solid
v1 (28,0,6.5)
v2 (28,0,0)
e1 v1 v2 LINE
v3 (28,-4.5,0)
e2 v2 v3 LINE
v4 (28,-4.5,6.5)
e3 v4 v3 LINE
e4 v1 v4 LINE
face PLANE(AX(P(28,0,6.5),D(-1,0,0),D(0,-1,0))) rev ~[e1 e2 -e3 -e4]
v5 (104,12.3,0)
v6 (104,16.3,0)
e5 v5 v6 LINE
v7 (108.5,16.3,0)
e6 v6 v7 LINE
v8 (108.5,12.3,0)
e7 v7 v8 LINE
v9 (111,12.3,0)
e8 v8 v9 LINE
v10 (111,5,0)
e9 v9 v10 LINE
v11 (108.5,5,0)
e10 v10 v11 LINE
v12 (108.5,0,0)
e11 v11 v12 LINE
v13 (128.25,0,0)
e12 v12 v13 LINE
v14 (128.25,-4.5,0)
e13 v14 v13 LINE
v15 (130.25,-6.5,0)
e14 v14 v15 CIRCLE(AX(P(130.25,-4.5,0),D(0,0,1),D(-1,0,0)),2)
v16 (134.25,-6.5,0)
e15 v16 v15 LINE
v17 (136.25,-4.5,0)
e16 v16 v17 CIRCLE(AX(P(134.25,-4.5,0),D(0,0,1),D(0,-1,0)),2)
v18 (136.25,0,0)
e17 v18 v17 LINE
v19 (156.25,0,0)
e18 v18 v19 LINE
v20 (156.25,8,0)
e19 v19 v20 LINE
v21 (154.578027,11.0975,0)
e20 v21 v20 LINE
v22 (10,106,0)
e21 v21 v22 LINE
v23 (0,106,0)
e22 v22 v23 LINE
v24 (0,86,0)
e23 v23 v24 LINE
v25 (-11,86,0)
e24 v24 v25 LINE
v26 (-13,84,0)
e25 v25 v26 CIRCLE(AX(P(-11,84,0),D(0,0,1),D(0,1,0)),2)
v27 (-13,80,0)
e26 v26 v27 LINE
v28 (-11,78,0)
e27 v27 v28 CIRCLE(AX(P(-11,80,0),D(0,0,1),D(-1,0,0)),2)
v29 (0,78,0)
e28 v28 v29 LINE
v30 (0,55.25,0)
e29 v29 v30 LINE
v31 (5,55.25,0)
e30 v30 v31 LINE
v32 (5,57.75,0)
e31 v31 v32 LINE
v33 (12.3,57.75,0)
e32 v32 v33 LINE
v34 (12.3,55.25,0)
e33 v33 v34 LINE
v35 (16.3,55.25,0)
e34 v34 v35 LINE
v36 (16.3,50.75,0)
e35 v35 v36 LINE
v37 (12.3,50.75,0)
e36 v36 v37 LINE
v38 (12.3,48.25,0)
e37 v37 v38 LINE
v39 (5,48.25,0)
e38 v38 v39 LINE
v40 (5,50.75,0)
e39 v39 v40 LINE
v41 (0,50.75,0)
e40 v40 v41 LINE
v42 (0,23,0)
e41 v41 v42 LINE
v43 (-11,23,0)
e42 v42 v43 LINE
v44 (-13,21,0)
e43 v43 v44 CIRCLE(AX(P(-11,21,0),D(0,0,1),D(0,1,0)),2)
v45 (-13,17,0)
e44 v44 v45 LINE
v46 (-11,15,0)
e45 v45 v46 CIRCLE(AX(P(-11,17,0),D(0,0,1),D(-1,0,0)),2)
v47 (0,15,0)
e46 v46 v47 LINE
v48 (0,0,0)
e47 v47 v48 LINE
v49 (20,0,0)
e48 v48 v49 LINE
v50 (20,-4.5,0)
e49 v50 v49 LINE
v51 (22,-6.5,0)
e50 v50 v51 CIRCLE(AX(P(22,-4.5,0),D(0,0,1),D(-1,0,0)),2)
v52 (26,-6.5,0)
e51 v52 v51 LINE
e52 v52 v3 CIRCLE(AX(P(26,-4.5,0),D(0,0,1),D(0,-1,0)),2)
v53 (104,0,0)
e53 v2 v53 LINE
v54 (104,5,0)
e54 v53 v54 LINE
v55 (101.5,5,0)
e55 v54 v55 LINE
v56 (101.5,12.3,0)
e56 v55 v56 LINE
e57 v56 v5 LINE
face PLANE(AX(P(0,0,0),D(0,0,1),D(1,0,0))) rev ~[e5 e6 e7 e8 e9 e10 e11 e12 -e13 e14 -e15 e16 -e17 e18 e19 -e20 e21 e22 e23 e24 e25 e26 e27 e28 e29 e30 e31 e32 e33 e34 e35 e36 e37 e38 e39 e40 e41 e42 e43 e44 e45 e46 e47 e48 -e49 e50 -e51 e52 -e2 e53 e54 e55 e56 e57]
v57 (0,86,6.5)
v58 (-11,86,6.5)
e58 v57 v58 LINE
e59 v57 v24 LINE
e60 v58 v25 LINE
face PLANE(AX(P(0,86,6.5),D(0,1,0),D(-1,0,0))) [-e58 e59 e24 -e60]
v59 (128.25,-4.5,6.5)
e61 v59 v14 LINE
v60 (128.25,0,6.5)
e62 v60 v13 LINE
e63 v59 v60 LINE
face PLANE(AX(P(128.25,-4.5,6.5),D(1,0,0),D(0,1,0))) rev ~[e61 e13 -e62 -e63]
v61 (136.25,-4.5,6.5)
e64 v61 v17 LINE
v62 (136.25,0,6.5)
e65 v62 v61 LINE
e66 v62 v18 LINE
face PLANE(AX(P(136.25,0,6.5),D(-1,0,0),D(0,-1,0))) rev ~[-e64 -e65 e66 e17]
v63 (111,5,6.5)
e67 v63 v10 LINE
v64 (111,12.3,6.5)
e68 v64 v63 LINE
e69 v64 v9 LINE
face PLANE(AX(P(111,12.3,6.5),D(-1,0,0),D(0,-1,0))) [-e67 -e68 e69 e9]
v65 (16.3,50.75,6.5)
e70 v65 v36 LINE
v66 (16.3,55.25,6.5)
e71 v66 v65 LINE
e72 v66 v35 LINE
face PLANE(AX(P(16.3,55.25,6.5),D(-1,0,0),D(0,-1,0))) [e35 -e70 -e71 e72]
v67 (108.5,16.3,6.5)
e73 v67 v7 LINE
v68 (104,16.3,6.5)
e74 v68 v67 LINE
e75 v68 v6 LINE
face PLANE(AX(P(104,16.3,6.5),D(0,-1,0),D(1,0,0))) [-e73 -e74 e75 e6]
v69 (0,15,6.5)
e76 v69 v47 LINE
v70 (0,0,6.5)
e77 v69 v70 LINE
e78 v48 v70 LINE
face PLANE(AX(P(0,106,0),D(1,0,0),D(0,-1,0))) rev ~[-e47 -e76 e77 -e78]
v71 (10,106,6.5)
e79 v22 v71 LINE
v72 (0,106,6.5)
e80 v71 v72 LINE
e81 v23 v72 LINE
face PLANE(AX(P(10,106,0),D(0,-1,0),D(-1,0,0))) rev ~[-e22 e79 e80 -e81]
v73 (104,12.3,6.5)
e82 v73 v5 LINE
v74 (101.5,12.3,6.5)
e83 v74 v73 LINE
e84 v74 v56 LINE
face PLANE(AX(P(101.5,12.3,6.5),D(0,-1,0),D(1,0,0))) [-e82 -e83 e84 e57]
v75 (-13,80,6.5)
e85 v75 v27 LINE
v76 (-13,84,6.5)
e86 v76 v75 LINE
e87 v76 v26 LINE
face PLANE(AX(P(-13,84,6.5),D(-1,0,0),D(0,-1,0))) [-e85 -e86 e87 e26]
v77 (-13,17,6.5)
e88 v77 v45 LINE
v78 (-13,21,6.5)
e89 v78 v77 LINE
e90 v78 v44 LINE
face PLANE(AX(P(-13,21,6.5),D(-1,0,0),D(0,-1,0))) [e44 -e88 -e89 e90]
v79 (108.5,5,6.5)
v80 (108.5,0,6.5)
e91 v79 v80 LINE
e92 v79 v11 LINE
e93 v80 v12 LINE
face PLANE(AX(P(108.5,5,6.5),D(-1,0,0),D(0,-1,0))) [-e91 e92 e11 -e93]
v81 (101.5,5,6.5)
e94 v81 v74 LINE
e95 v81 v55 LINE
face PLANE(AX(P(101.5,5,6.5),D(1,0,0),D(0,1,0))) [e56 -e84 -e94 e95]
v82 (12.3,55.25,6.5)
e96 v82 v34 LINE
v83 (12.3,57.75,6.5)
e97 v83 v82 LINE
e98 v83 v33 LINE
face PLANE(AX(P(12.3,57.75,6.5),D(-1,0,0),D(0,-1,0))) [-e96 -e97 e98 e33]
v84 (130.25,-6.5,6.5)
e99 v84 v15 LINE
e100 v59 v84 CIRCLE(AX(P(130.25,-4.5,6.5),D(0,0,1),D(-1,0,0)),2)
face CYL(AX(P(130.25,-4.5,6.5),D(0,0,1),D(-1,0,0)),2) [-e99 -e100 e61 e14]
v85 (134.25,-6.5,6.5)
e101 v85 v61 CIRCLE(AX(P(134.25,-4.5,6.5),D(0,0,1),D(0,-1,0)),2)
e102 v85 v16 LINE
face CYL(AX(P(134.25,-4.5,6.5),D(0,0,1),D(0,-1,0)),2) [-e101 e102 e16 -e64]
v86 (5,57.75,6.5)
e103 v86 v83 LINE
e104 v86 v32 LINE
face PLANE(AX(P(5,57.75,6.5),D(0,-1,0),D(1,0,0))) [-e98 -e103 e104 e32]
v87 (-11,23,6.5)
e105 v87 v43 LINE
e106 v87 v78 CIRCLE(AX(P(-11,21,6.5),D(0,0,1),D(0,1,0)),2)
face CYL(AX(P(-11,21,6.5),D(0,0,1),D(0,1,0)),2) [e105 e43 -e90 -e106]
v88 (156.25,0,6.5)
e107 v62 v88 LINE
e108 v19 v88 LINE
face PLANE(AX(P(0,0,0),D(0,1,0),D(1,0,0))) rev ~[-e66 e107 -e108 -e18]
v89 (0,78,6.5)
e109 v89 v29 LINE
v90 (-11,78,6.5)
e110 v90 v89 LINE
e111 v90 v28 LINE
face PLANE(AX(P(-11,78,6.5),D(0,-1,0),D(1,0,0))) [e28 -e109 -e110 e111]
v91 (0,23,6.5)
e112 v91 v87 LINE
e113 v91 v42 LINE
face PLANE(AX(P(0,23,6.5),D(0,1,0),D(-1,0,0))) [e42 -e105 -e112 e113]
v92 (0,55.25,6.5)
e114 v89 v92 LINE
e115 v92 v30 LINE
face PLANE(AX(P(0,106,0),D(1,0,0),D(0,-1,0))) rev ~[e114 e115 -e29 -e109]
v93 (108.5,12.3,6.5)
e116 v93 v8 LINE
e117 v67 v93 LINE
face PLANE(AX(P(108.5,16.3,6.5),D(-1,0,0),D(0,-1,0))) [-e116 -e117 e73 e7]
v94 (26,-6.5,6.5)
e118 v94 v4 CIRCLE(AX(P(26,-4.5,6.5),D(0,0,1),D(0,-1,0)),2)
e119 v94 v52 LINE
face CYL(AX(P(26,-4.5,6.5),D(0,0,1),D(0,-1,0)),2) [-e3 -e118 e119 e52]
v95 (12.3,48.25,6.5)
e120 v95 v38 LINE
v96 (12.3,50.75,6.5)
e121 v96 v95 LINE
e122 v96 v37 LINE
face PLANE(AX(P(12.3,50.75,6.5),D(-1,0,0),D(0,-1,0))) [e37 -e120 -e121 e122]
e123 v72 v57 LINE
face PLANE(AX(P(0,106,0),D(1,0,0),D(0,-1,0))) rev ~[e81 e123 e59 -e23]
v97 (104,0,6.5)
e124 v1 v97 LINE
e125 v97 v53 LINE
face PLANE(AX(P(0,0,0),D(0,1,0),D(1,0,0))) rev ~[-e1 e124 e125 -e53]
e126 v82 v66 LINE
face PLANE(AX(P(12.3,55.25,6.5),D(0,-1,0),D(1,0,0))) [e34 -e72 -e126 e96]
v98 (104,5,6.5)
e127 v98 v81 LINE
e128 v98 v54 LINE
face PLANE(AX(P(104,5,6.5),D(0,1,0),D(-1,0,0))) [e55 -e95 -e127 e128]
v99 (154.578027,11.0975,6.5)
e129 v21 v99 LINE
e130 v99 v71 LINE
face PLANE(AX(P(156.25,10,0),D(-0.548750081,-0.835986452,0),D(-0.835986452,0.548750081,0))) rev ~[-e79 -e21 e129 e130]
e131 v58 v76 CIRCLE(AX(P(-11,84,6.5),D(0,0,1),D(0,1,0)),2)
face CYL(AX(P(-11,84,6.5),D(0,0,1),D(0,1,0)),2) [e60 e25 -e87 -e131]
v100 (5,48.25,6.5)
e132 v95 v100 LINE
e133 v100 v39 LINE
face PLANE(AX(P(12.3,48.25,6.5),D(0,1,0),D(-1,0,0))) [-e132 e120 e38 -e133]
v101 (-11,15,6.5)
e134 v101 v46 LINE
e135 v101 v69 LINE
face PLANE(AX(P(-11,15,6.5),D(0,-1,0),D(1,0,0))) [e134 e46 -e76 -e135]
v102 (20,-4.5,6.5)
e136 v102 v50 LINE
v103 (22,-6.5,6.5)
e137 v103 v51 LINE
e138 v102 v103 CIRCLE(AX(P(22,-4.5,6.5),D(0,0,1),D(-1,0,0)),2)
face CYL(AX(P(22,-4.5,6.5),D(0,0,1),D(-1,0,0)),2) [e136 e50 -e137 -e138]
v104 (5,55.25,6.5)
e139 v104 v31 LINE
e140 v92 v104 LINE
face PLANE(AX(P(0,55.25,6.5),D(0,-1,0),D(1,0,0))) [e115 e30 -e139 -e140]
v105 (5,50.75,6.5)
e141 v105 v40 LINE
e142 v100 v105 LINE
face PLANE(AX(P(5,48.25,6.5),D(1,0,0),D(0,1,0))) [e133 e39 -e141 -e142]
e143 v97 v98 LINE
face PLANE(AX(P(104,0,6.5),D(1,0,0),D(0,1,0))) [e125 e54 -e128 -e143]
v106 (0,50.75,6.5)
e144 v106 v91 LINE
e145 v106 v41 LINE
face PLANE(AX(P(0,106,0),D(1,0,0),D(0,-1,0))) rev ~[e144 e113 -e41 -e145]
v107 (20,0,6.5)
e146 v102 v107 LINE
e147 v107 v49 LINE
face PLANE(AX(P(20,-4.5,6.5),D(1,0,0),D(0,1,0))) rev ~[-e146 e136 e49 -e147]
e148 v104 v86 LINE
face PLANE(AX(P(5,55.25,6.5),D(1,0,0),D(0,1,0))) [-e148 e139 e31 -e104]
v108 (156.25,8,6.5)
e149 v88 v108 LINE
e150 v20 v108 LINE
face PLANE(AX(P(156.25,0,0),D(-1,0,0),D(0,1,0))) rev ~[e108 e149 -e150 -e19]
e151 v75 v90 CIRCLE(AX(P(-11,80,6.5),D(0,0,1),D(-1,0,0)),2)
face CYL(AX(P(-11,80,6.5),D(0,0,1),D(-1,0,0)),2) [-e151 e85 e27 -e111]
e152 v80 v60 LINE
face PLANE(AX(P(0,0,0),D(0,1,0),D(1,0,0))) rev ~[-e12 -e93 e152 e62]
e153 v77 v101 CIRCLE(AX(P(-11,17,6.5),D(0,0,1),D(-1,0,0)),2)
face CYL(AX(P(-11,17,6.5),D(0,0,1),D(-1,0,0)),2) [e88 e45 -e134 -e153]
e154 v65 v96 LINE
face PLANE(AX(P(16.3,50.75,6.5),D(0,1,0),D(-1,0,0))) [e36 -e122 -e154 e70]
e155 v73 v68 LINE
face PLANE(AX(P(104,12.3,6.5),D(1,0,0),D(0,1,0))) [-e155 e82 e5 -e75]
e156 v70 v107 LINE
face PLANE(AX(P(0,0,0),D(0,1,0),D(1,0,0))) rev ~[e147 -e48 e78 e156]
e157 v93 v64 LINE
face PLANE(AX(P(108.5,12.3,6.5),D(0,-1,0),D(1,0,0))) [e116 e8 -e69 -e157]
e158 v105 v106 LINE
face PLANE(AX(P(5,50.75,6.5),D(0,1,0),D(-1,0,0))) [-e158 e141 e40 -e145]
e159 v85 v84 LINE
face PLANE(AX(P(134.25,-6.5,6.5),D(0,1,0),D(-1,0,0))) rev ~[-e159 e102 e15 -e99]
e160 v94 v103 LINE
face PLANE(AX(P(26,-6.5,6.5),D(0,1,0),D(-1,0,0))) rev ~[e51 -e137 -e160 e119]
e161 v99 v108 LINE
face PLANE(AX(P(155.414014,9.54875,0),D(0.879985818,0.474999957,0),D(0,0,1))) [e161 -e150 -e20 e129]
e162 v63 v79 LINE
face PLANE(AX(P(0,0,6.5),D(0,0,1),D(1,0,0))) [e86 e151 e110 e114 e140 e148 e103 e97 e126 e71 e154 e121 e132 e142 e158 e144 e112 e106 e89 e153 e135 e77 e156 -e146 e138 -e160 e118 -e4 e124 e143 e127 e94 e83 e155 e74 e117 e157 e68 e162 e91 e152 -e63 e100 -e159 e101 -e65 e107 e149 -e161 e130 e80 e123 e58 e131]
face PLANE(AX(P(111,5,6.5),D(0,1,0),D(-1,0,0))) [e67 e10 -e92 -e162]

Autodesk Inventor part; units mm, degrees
ref_plane "YZ Plane" through (0, 0, 0) normal (1, 0, 0) x (0, 1, 0)
ref_plane "XZ Plane" through (0, 0, 0) normal (0, 1, 0) x (-1, 0, 0)
ref_plane "XY Plane" through (0, 0, 0) normal (0, 0, 1) x (1, 0, 0)
sketch "Sketch1" plane through (0, 0, 0) normal (0, 0, 1) x (1, 0, 0)
  line L0 (0, 106) -> (0, 0)
  line L1 (0, 0) -> (156.25, 0)
  line L2 (156.25, 0) -> (156.25, 10)
  line L3 (156.25, 10) -> (10, 106)
  line L4 (10, 106) -> (0, 106)
  dimension "d0" = 156.25
  dimension "d1" = 106
  dimension "d2" = 10
  dimension "d3" = 10
extrude "Extrusion1" add sketch "Sketch1" along normal blind 6.5
sketch "Sketch2" plane through (0, 0, 6.5) normal (0, 0, 1) x (1, 0, 0)
  line L0 (0, 106) -> (0, 0) projected
  line L1 (0, 0) -> (156.25, 0) projected
  line L2 (156.25, 0) -> (156.25, 10) projected
  line L3 (16.3, 55.25) -> (16.3, 50.75)
  line L4 (0, 50.75) -> (0, 55.25)
  line L5 (5, 57.75) -> (12.3, 57.75)
  line L6 (12.3, 48.25) -> (5, 48.25)
  line L7 (0, 55.25) -> (5, 55.25)
  line L8 (12.3, 55.25) -> (16.3, 55.25)
  line L9 (16.3, 50.75) -> (12.3, 50.75)
  line L10 (5, 50.75) -> (0, 50.75)
  line L11 (5, 48.25) -> (5, 50.75)
  line L12 (5, 55.25) -> (5, 57.75)
  line L13 (12.3, 57.75) -> (12.3, 55.25)
  line L14 (12.3, 50.75) -> (12.3, 48.25)
  line L15 (104, 16.3) -> (108.5, 16.3)
  line L16 (108.5, 0) -> (104, 0)
  line L17 (111, 12.3) -> (111, 5)
  line L18 (101.5, 5) -> (101.5, 12.3)
  line L19 (101.5, 12.3) -> (104, 12.3)
  line L20 (108.5, 12.3) -> (111, 12.3)
  line L21 (111, 5) -> (108.5, 5)
  line L22 (104, 5) -> (101.5, 5)
  line L23 (104, 0) -> (104, 5)
  line L24 (104, 12.3) -> (104, 16.3)
  line L25 (108.5, 16.3) -> (108.5, 12.3)
  line L26 (108.5, 5) -> (108.5, 0)
  point P0 (16.3, 53)
  point P1 (0, 53)
  point P2 (106.25, 16.3)
  dimension "d6" = 4.5
  dimension "d7" = 2.5
  dimension "d8" = 2.5
  dimension "d9" = 5
  dimension "d10" = 7.3
  dimension "d11" = 4
  dimension "d12" = 4.5
  dimension "d13" = 5
  dimension "d14" = 7.3
  dimension "d15" = 4
  dimension "d16" = 2.5
  dimension "d17" = 2.5
  dimension "d18" = 50
extrude "Extrusion2" cut sketch "Sketch2" against normal through all
sketch "Sketch3" plane through (0, 0, 6.5) normal (0, 0, 1) x (1, 0, 0)
  line L0 (0, 50.75) -> (0, 0) projected
  line L1 (0, 0) -> (104, 0) projected
  line L2 (108.5, 0) -> (156.25, 0) projected
  line L3 (10, 106) -> (0, 106) projected
  line L4 (0, 106) -> (0, 55.25) projected
  line L5 (0, 86) -> (-11, 86)
  line L6 (-13, 84) -> (-13, 80)
  line L7 (-11, 78) -> (0, 78)
  line L8 (0, 78) -> (0, 86)
  line L9 (0, 23) -> (-11, 23)
  line L10 (-13, 21) -> (-13, 17)
  line L11 (-11, 15) -> (0, 15)
  line L12 (0, 15) -> (0, 23)
  line L13 (20, 0) -> (28, 0)
  line L14 (28, 0) -> (28, -4.5)
  line L15 (26, -6.5) -> (22, -6.5)
  line L16 (20, -4.5) -> (20, 0)
  line L17 (128.25, 0) -> (136.25, 0)
  line L18 (136.25, 0) -> (136.25, -4.5)
  line L19 (134.25, -6.5) -> (130.25, -6.5)
  line L20 (128.25, -4.5) -> (128.25, 0)
  arc A0 (-11, 86) -> (-13, 84) centre (-11, 84) ccw
  arc A1 (-13, 80) -> (-11, 78) centre (-11, 80) ccw
  arc A2 (-11, 23) -> (-13, 21) centre (-11, 21) ccw
  arc A3 (-13, 17) -> (-11, 15) centre (-11, 17) ccw
  arc A4 (20, -4.5) -> (22, -6.5) centre (22, -4.5) ccw
  arc A5 (26, -6.5) -> (28, -4.5) centre (26, -4.5) ccw
  arc A6 (128.25, -4.5) -> (130.25, -6.5) centre (130.25, -4.5) ccw
  arc A7 (134.25, -6.5) -> (136.25, -4.5) centre (134.25, -4.5) ccw
  dimension "d21" = 2
  dimension "d22" = 8
  dimension "d23" = 8
  dimension "d24" = 8
  dimension "d25" = 8
  dimension "d26" = 13
  dimension "d27" = 6.5
  dimension "d28" = 15
  dimension "d29" = 20
  dimension "d30" = 20
  dimension "d31" = 20
extrude "Extrusion3" add sketch "Sketch3" against normal blind 6.5
chamfer "Chamfer1" distance 2 angle 45 1 edges at (156.25, 10, 3.25)
properties part number "wiring_brace" material "Plywood, Finish"
